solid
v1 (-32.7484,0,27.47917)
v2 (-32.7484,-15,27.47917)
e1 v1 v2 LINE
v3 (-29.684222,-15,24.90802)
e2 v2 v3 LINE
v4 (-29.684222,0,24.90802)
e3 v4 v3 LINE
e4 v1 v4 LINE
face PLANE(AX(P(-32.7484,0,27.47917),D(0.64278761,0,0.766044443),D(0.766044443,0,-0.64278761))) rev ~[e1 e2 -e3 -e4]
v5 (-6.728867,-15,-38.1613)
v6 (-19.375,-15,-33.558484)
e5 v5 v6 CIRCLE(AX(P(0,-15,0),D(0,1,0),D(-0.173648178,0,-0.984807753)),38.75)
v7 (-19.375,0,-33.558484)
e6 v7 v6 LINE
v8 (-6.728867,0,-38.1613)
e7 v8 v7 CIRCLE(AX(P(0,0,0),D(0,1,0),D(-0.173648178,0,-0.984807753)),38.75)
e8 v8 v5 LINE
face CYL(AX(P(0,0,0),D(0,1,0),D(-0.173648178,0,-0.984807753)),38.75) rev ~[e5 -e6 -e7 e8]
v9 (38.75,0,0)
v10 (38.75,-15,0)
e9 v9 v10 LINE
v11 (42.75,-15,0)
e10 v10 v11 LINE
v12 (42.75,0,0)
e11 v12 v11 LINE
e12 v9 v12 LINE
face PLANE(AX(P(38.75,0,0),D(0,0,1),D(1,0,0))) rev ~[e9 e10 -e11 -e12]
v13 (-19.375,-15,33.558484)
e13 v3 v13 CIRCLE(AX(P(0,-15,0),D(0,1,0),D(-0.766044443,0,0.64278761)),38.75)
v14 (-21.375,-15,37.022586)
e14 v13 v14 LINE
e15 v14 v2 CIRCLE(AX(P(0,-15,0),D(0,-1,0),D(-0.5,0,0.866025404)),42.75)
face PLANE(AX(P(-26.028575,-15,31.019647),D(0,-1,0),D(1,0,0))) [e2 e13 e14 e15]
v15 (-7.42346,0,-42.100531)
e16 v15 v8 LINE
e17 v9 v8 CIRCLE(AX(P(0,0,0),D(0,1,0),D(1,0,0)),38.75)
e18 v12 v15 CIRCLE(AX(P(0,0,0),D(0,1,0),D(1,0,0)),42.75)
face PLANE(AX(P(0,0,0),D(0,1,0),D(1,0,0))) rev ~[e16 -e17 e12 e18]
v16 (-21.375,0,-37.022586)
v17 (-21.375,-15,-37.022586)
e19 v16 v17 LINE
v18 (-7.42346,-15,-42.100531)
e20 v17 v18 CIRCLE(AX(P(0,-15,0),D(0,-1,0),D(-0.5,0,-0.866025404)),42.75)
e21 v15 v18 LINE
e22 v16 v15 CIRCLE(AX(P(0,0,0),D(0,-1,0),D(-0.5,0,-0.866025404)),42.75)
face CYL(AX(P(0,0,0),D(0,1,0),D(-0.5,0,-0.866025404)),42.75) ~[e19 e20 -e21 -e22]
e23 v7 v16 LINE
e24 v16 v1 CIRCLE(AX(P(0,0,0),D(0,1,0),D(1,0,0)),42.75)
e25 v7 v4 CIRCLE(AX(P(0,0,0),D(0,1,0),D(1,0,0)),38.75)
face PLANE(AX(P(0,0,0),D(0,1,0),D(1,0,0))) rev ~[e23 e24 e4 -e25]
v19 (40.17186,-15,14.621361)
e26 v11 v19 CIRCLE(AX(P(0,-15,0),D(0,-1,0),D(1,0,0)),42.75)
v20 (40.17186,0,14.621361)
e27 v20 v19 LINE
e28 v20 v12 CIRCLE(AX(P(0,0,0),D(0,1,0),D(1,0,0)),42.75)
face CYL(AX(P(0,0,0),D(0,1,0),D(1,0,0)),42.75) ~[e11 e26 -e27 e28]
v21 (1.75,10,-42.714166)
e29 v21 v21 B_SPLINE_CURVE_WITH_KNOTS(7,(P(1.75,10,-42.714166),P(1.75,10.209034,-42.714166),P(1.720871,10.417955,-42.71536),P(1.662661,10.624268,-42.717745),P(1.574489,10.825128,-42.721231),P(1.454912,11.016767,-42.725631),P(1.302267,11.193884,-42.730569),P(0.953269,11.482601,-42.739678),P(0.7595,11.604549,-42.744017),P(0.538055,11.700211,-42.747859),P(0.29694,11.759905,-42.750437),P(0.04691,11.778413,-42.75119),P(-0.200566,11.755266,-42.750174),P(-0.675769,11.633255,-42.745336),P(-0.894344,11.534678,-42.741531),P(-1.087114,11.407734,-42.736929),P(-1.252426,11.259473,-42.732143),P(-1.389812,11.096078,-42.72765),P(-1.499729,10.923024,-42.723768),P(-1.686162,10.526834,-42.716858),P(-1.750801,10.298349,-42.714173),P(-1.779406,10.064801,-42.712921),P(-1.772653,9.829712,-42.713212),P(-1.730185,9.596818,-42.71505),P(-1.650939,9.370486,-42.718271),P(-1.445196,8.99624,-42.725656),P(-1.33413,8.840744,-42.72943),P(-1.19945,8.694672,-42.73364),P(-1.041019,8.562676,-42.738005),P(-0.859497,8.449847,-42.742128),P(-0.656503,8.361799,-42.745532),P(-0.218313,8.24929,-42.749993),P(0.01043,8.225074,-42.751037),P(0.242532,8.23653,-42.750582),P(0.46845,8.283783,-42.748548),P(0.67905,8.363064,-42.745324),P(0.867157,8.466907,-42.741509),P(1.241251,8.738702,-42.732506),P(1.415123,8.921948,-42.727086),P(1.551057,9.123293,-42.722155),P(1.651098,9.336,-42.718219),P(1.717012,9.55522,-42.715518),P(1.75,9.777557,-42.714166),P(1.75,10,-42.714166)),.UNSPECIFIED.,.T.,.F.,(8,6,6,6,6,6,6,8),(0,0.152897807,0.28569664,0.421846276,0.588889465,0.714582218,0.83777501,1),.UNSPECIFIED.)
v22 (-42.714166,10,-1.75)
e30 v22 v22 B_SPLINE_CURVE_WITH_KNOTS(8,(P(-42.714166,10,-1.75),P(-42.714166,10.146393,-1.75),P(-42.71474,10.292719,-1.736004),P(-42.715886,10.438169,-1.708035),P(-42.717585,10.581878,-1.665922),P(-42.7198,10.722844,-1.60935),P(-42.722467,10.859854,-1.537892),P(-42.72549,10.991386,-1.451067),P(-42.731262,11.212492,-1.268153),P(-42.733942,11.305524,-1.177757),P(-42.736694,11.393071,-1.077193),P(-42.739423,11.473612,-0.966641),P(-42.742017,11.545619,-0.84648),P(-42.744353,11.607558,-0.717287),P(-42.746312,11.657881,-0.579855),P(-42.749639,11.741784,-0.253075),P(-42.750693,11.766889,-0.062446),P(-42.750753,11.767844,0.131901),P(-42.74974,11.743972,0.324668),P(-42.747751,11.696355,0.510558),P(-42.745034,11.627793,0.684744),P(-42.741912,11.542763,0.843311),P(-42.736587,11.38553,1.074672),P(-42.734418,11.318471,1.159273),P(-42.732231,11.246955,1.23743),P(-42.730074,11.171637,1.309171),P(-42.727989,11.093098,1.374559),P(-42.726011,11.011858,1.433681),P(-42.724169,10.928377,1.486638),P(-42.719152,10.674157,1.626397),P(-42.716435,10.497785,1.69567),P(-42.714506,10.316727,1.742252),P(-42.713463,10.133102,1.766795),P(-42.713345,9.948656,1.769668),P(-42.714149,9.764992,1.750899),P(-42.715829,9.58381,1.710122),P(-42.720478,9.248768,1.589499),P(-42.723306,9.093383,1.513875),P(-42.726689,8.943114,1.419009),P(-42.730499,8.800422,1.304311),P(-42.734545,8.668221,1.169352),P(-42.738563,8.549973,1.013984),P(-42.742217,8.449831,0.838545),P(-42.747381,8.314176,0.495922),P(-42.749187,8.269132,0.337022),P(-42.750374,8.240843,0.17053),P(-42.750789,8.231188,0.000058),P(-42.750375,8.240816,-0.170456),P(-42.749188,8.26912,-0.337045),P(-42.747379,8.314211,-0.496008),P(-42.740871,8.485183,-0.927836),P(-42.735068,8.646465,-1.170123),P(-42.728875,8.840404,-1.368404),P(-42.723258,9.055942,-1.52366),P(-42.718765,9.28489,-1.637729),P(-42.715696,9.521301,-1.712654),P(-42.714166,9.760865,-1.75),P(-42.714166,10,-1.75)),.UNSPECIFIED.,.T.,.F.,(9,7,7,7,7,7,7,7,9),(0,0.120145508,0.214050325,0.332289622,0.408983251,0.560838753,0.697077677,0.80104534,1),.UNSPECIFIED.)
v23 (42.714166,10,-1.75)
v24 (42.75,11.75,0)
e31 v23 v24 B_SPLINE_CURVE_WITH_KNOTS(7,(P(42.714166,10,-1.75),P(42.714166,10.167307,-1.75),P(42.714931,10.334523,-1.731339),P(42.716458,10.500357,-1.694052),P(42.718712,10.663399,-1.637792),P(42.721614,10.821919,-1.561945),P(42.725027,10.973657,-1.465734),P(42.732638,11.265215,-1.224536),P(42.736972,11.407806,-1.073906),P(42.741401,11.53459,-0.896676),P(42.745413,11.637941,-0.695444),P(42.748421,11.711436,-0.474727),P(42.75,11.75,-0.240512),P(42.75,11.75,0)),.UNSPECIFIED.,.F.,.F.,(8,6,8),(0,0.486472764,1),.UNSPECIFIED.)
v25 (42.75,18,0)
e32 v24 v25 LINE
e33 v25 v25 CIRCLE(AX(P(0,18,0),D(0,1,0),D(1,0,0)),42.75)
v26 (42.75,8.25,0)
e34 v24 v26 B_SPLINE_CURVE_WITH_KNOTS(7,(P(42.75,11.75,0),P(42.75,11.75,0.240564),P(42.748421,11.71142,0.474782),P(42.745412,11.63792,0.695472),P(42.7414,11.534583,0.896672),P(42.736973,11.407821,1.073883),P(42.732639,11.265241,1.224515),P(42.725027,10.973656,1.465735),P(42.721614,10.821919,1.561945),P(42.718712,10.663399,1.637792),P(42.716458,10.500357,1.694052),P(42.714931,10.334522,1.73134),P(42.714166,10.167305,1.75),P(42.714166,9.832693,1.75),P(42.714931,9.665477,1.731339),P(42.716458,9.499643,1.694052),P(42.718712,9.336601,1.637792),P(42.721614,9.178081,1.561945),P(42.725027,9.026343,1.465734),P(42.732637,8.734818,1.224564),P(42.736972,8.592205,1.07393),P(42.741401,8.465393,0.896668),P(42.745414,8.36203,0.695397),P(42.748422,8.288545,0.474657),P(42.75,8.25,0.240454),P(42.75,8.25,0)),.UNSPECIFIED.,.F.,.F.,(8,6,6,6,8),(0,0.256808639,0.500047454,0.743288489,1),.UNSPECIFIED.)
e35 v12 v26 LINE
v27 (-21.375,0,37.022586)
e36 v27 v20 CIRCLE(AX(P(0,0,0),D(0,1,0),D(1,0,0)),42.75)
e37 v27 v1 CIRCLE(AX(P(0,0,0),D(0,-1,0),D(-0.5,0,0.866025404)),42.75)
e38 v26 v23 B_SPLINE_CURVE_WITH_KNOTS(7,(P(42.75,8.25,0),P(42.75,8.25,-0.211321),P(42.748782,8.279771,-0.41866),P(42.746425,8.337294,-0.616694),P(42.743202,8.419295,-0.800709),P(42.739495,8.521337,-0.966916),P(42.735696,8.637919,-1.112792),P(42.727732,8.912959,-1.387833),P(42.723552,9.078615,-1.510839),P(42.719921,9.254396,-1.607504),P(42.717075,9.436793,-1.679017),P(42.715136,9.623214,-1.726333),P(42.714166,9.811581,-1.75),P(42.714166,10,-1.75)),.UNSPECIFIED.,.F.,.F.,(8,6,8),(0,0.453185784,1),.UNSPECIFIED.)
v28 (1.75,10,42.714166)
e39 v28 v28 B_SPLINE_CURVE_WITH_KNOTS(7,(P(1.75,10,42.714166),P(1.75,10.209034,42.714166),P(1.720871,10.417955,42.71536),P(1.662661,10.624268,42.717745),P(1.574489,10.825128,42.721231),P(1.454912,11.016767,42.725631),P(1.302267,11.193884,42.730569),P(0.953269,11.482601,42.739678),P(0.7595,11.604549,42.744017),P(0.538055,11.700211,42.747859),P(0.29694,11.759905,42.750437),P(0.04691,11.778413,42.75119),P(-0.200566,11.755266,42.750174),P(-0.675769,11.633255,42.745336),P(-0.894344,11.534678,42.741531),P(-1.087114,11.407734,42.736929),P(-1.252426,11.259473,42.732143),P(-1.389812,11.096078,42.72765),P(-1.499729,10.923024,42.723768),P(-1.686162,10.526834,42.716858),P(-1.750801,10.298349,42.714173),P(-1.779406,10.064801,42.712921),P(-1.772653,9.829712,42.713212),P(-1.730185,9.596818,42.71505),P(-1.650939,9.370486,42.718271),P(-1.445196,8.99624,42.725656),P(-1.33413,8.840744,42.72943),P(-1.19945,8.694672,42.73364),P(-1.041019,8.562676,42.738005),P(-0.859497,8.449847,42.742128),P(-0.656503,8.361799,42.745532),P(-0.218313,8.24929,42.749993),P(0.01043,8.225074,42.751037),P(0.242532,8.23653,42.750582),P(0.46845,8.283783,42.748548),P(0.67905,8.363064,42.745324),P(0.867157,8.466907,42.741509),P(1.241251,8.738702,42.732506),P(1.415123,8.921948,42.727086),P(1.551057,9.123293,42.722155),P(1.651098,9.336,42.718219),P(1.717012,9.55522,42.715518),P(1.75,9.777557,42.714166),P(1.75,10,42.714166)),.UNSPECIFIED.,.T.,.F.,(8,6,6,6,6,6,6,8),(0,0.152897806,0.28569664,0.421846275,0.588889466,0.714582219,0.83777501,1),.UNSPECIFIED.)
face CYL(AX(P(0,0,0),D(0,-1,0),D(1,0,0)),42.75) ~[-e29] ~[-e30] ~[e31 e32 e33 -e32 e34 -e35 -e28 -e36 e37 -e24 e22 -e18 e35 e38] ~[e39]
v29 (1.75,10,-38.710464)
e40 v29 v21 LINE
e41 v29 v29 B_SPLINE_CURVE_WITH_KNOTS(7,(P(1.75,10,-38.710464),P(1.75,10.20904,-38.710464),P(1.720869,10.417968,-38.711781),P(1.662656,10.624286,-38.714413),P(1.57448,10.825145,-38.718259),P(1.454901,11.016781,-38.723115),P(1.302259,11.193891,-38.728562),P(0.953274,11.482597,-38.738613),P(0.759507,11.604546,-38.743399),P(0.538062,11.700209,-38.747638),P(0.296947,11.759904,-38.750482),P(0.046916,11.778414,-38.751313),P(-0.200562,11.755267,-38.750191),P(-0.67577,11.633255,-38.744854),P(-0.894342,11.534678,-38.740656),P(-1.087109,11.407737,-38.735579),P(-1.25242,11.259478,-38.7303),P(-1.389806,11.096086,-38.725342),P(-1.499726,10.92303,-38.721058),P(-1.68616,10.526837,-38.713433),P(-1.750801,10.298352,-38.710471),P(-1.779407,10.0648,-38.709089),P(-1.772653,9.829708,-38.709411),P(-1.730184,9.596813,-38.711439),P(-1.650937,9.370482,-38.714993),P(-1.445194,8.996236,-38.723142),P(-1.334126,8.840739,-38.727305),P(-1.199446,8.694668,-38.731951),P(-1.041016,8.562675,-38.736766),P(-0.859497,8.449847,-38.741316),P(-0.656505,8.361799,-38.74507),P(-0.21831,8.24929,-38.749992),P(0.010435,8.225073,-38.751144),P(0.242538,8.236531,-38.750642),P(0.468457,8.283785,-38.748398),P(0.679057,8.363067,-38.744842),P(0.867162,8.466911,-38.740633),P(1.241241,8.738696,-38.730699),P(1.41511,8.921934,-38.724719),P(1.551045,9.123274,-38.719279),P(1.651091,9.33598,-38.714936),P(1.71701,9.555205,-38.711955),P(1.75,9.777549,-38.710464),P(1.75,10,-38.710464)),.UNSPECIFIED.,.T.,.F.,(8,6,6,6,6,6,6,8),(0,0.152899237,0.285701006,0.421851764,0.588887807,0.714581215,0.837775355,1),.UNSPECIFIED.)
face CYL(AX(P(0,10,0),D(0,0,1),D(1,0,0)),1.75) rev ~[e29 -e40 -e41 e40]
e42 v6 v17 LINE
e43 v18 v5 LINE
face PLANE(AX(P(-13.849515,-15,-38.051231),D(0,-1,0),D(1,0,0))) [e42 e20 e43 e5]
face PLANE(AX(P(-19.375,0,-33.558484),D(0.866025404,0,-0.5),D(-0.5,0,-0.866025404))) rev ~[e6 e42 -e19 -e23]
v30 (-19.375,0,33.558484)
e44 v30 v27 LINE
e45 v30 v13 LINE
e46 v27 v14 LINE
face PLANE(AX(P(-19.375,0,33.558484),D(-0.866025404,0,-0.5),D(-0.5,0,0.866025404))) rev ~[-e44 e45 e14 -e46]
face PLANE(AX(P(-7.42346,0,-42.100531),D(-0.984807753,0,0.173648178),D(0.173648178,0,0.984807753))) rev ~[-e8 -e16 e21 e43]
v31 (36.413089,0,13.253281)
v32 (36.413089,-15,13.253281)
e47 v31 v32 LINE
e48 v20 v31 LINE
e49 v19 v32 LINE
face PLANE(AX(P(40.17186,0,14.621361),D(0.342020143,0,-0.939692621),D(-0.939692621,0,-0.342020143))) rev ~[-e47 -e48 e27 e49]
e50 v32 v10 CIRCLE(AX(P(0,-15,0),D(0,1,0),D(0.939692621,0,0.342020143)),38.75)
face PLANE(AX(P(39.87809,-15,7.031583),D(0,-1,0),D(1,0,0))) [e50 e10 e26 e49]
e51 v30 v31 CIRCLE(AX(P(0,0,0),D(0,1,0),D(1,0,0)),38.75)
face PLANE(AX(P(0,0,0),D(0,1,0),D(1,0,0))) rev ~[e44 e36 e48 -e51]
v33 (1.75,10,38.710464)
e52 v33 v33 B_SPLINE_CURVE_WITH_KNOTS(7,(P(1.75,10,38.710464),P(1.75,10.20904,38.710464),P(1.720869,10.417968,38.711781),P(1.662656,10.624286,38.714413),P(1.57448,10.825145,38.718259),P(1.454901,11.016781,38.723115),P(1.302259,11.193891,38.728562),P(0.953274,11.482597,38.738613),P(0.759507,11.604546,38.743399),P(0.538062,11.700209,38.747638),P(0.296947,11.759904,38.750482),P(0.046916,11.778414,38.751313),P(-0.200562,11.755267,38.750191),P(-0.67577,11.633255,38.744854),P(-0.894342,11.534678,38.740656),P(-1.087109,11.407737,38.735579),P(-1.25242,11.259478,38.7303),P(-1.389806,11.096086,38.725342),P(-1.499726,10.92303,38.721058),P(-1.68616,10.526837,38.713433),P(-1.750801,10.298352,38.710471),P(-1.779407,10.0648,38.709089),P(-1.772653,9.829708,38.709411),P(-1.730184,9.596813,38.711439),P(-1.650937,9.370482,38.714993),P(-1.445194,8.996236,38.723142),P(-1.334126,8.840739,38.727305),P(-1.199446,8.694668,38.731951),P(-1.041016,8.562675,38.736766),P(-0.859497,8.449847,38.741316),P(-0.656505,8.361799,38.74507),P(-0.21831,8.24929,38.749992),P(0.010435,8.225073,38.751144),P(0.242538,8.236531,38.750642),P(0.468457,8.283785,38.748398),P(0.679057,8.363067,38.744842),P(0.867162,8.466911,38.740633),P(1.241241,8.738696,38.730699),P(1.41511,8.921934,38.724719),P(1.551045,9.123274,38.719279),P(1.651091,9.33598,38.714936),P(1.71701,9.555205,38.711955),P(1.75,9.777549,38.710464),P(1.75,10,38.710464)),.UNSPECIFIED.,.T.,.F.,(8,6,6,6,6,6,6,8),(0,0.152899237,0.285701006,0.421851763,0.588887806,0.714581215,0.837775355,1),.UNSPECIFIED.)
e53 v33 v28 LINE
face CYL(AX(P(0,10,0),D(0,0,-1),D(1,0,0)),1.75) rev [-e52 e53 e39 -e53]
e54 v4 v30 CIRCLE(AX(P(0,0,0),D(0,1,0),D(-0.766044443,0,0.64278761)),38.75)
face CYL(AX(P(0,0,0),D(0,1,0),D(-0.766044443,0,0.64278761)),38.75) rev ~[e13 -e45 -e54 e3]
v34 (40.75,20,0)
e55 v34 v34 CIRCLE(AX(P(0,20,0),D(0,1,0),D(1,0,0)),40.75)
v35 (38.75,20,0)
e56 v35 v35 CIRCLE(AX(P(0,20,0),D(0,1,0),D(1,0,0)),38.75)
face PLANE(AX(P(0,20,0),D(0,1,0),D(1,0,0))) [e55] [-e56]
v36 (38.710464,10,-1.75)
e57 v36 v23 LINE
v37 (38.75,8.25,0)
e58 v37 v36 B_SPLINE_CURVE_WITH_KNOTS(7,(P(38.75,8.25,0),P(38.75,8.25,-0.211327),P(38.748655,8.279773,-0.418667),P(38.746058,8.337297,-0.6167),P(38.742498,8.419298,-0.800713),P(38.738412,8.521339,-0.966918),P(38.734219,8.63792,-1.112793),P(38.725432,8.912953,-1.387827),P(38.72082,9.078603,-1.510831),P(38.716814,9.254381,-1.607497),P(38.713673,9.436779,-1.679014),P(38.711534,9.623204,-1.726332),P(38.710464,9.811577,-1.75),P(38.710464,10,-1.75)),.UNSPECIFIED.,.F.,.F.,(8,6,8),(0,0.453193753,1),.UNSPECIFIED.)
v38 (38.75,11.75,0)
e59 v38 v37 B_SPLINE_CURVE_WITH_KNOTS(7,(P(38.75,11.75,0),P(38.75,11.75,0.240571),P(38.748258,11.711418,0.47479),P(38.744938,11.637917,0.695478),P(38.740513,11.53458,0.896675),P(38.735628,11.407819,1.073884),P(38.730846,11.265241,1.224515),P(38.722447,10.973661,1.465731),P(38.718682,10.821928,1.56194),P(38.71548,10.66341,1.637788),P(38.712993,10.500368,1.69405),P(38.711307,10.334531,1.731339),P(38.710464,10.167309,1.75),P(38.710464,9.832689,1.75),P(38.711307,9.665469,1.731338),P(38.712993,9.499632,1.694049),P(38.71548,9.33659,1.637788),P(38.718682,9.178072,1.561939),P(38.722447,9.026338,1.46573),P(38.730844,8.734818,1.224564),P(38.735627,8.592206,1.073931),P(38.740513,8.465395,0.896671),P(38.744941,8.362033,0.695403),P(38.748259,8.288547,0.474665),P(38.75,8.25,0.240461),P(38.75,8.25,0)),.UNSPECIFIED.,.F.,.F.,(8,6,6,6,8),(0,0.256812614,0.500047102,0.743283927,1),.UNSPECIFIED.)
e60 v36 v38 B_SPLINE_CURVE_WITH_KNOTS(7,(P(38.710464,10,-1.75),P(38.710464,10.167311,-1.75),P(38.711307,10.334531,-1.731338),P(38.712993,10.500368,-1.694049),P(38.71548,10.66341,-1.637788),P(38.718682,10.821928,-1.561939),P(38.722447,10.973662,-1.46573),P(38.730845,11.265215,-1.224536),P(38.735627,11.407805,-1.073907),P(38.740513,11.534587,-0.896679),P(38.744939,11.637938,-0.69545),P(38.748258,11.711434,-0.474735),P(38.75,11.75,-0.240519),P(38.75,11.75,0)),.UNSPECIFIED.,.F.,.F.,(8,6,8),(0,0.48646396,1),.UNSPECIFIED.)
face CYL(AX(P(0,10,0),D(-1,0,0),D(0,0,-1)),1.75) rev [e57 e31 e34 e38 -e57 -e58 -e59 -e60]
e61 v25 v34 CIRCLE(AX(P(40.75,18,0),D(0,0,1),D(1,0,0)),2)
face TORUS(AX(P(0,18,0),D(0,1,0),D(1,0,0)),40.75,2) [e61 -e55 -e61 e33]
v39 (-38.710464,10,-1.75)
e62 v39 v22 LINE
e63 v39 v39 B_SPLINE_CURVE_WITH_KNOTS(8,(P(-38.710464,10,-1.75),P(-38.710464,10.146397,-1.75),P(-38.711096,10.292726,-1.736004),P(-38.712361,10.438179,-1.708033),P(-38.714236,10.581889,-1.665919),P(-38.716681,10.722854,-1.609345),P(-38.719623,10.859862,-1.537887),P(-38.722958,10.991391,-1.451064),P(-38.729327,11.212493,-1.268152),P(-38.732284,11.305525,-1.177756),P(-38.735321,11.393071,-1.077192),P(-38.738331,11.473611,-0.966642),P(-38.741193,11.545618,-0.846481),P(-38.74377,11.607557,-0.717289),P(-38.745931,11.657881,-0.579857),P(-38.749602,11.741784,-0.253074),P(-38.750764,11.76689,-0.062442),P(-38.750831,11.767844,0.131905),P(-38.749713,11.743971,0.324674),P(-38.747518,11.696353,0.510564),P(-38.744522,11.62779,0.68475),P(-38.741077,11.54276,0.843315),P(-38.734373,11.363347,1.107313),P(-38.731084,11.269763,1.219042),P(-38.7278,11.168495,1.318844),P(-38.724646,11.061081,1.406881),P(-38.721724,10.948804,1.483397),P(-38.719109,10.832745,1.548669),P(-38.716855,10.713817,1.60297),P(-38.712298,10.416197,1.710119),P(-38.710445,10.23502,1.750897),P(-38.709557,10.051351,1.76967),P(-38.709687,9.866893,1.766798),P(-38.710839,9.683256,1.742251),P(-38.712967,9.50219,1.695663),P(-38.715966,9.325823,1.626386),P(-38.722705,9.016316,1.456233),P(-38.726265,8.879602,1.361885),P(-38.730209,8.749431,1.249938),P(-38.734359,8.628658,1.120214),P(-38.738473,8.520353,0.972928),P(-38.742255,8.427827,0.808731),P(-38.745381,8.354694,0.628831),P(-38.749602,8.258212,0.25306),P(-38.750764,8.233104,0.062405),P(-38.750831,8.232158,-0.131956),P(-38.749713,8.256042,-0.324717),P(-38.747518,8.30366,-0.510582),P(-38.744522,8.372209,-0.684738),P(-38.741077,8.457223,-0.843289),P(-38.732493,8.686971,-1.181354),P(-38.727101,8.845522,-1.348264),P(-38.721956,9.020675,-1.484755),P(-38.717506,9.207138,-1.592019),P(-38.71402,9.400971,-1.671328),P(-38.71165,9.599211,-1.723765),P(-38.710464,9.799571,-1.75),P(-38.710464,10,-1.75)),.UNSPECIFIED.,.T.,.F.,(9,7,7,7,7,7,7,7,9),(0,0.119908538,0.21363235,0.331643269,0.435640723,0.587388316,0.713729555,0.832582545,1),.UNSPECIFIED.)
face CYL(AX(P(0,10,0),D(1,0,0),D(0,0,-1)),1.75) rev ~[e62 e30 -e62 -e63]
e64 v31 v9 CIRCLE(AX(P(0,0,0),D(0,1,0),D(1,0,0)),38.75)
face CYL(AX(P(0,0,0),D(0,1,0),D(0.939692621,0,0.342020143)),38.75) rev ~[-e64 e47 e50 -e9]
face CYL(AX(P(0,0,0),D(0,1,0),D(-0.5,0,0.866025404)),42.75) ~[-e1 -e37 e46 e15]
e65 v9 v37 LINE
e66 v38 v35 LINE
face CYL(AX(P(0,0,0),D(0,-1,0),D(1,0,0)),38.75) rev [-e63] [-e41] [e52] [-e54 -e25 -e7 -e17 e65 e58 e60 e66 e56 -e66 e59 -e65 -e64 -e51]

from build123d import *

# Parameters (mm, degrees)
SKETCH1_R               = 42.75
SKETCH1_R_2             = 38.75
BOSS_EXTRUDE1_DEPTH     = 20
BOSS_EXTRUDE2_DEPTH     = 15
SKETCH3_R               = 1.75
CUT_EXTRUDE1_DEPTH      = 43.75
CUT_EXTRUDE1_DEPTH_BACK = 43.75
SKETCH4_R               = 1.75
CUT_EXTRUDE2_DEPTH      = 43.7500001
CUT_EXTRUDE2_DEPTH_BACK = 43.7500001
FILLET1_R               = 2


with BuildPart() as part:
    # Sketch1 → Boss-Extrude1 (new body)
    with BuildSketch(Plane(origin=(0, 0, 0), x_dir=(1, 0, 0), z_dir=(0, 1, 0))):
        Circle(SKETCH1_R)
        Circle(SKETCH1_R_2, mode=Mode.SUBTRACT)
    extrude(amount=BOSS_EXTRUDE1_DEPTH)

    # Sketch2 → Boss-Extrude2 (add)
    with BuildSketch(Plane.XZ):
        with BuildLine():
            Line((40.171859539, 14.621361127), (36.413089055, 13.253280554))
            ThreePointArc((36.413089055, 13.253280554), (38.161300429, 6.728866885), (38.75, 0))
            Line((38.75, 0), (42.75, 0))
            ThreePointArc((42.75, 0), (42.100531441, 7.423459595), (40.171859539, 14.621361127))
        make_face()
        with BuildLine():
            Line((-7.423459595, -42.100531441), (-6.728866885, -38.161300429))
            ThreePointArc((-6.728866885, -38.161300429), (-13.253280554, -36.413089056), (-19.375, -33.558484397))
            Line((-19.375, -33.558484397), (-21.375, -37.022586012))
            ThreePointArc((-21.375, -37.022586012), (-14.621361127, -40.171859539), (-7.423459595, -42.100531441))
        make_face()
        with BuildLine():
            Line((-32.748399943, 27.479170314), (-29.684222171, 24.908019875))
            ThreePointArc((-29.684222171, 24.908019875), (-24.908019875, 29.684222171), (-19.375, 33.558484397))
            Line((-19.375, 33.558484397), (-21.375, 37.022586012))
            ThreePointArc((-21.375, 37.022586012), (-27.479170314, 32.748399943), (-32.748399943, 27.479170314))
        make_face()
    extrude(amount=BOSS_EXTRUDE2_DEPTH)

    # Sketch3 → Cut-Extrude1 (cut, two sides)
    with BuildSketch(Plane.XY) as cut_extrude1_sk:
        with Locations((0, 10)):
            Circle(SKETCH3_R)
    extrude(amount=CUT_EXTRUDE1_DEPTH, mode=Mode.SUBTRACT)
    extrude(cut_extrude1_sk.sketch, amount=-CUT_EXTRUDE1_DEPTH_BACK, mode=Mode.SUBTRACT)

    # Sketch4 → Cut-Extrude2 (cut, two sides)
    with BuildSketch(Plane(origin=(0, 0, 0), x_dir=(0, 0, -1), z_dir=(1, 0, 0))) as cut_extrude2_sk:
        with Locations((0, 10)):
            Circle(SKETCH4_R)
    extrude(amount=CUT_EXTRUDE2_DEPTH, mode=Mode.SUBTRACT)
    extrude(cut_extrude2_sk.sketch, amount=-CUT_EXTRUDE2_DEPTH_BACK, mode=Mode.SUBTRACT)

    # Fillet1
    fillet1_edges = [part.edges().sort_by_distance(p)[0] for p in [
        (-42.75, 20, 0),
    ]]
    fillet(fillet1_edges, radius=FILLET1_R)


solid = part.part
